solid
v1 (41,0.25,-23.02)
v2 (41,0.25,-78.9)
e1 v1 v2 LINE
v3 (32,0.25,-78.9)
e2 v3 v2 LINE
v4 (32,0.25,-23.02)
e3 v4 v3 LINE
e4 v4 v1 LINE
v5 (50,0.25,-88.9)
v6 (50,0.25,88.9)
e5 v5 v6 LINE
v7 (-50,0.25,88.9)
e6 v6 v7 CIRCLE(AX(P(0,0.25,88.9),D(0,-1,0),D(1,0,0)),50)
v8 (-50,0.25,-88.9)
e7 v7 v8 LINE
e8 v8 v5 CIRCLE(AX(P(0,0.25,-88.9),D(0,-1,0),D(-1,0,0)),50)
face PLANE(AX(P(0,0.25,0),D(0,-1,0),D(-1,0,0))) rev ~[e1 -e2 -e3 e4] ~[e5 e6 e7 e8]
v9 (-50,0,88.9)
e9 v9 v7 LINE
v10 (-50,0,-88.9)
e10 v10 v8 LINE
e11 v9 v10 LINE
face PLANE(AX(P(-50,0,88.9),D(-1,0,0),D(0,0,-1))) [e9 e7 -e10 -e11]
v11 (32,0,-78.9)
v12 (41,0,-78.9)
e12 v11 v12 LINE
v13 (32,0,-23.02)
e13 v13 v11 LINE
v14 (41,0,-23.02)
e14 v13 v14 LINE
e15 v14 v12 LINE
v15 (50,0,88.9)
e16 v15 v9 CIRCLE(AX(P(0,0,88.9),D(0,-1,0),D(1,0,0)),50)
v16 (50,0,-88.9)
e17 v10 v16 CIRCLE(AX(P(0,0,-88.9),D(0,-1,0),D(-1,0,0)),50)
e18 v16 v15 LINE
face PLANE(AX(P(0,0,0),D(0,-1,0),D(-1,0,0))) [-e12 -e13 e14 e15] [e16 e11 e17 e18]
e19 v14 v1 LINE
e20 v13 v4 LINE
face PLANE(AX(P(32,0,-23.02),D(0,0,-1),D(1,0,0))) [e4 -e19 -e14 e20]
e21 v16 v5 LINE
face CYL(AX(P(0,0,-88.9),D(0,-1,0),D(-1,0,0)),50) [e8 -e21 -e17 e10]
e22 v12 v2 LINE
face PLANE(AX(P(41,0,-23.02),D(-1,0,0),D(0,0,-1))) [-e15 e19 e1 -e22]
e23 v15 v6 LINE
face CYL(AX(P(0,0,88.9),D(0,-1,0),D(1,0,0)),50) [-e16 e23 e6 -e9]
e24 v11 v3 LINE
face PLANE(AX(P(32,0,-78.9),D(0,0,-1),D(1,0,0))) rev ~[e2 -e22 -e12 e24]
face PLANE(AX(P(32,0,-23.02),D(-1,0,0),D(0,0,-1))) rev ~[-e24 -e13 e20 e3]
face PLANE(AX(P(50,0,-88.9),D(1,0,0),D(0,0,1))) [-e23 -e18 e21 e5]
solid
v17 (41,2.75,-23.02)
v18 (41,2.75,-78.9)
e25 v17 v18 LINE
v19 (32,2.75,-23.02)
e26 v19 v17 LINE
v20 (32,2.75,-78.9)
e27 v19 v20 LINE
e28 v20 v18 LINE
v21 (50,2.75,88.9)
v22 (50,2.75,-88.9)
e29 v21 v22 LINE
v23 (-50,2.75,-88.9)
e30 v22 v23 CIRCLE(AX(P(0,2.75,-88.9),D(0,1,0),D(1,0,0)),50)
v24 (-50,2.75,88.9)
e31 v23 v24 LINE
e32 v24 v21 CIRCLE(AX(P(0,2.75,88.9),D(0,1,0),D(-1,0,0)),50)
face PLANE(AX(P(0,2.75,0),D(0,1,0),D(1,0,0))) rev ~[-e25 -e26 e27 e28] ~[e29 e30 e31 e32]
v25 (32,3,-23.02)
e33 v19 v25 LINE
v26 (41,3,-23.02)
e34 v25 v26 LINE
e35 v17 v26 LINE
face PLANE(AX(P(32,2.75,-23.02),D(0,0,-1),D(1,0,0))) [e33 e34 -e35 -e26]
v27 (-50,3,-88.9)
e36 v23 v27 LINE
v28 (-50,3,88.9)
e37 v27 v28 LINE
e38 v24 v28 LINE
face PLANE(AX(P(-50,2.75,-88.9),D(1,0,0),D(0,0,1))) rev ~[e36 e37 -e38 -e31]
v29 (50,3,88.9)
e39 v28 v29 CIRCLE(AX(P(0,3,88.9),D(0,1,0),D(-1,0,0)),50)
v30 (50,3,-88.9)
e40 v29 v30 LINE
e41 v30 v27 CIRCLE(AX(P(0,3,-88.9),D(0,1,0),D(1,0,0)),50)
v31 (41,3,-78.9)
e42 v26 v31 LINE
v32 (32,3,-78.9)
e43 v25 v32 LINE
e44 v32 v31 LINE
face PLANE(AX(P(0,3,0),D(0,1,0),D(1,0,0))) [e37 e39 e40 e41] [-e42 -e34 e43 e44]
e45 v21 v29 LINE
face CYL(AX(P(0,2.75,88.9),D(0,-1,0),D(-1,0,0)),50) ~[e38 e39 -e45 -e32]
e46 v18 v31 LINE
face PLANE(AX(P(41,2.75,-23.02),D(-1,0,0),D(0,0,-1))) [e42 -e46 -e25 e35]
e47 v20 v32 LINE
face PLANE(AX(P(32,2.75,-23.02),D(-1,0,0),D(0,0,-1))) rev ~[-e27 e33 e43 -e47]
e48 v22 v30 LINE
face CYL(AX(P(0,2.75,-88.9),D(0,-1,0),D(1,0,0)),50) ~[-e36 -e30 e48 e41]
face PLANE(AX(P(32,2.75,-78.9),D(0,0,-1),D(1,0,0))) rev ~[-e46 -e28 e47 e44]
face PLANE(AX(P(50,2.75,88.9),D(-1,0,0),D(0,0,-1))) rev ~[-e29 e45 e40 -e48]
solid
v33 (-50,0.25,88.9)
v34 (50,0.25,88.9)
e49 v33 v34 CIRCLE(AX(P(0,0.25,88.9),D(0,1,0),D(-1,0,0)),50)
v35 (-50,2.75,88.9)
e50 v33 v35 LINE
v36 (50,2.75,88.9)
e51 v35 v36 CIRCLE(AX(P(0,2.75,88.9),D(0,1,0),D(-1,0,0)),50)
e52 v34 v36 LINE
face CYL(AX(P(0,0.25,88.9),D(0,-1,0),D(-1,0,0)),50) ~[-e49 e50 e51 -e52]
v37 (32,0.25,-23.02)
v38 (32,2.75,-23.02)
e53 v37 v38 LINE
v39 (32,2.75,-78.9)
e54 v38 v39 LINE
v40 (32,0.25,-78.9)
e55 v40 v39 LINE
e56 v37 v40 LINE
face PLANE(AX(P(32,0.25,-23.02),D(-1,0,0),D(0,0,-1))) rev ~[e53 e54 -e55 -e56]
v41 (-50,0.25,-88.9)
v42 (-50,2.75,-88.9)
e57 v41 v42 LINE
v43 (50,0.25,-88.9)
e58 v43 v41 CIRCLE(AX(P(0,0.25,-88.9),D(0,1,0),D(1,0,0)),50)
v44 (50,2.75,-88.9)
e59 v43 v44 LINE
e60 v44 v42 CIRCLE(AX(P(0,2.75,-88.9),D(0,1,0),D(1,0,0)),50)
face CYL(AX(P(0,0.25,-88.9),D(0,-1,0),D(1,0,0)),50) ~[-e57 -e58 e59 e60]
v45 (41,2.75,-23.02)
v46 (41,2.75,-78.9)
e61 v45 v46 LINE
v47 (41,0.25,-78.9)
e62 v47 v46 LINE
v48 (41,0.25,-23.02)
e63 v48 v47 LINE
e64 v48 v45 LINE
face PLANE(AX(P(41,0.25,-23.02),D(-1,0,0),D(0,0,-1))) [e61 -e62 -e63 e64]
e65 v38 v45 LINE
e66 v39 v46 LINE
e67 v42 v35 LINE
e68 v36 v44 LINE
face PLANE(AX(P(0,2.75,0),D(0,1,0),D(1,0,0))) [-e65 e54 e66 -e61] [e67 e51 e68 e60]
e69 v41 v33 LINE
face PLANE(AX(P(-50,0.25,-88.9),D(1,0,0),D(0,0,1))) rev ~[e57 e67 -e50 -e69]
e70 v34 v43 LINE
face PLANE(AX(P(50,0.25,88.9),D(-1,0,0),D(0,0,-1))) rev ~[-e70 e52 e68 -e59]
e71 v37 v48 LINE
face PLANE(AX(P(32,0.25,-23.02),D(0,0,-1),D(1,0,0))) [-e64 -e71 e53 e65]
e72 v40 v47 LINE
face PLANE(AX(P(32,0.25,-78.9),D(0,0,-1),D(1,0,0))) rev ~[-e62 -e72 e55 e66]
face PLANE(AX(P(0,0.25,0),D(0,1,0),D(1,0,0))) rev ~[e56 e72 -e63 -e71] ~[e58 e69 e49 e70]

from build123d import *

# Parameters (mm, degrees)
SKETCH1_W           = 9
SKETCH1_H           = 55.88
BOSS_EXTRUDE1_DEPTH = 0.25
SKETCH2_W           = 9
SKETCH2_H           = 55.88
BOSS_EXTRUDE3_DEPTH = 2.5
SKETCH3_W           = 9
SKETCH3_H           = 55.88
BOSS_EXTRUDE4_DEPTH = 0.25


with BuildPart() as part:
    # Sketch1 → Boss-Extrude1 (new body)
    with BuildSketch(Plane(origin=(0, 0, 0), x_dir=(1, 0, 0), z_dir=(0, 1, 0))):
        with BuildLine():
            Line((50, 88.9), (50, -88.9))
            ThreePointArc((50, -88.9), (0, -138.9), (-50, -88.9))
            Line((-50, -88.9), (-50, 88.9))
            ThreePointArc((-50, 88.9), (0, 138.9), (50, 88.9))
        make_face()
        with Locations((36.5, 50.96)):
            Rectangle(SKETCH1_W, SKETCH1_H, mode=Mode.SUBTRACT)
    extrude(amount=BOSS_EXTRUDE1_DEPTH)


with BuildPart() as body_2:
    # Sketch2 → Boss-Extrude3 (new body)
    with BuildSketch(Plane(origin=(0, 0.25, 0), x_dir=(1, 0, 0), z_dir=(0, 1, 0))):
        with BuildLine():
            ThreePointArc((50, 88.9), (0, 138.9), (-50, 88.9))
            Line((-50, 88.9), (-50, -88.9))
            ThreePointArc((-50, -88.9), (0, -138.9), (50, -88.9))
            Line((50, -88.9), (50, 88.9))
        make_face()
        with Locations((36.5, 50.96)):
            Rectangle(SKETCH2_W, SKETCH2_H, mode=Mode.SUBTRACT)
    extrude(amount=BOSS_EXTRUDE3_DEPTH)


with BuildPart() as body_3:
    # Sketch3 → Boss-Extrude4 (new body)
    with BuildSketch(Plane(origin=(0, 2.75, 0), x_dir=(1, 0, 0), z_dir=(0, 1, 0))):
        with BuildLine():
            ThreePointArc((-50, -88.9), (0, -138.9), (50, -88.9))
            Line((50, -88.9), (50, 88.9))
            ThreePointArc((50, 88.9), (0, 138.9), (-50, 88.9))
            Line((-50, 88.9), (-50, -88.9))
        make_face()
        with Locations((36.5, 50.96)):
            Rectangle(SKETCH3_W, SKETCH3_H, mode=Mode.SUBTRACT)
    extrude(amount=BOSS_EXTRUDE4_DEPTH)


solid = Compound([part.part, body_2.part, body_3.part])
